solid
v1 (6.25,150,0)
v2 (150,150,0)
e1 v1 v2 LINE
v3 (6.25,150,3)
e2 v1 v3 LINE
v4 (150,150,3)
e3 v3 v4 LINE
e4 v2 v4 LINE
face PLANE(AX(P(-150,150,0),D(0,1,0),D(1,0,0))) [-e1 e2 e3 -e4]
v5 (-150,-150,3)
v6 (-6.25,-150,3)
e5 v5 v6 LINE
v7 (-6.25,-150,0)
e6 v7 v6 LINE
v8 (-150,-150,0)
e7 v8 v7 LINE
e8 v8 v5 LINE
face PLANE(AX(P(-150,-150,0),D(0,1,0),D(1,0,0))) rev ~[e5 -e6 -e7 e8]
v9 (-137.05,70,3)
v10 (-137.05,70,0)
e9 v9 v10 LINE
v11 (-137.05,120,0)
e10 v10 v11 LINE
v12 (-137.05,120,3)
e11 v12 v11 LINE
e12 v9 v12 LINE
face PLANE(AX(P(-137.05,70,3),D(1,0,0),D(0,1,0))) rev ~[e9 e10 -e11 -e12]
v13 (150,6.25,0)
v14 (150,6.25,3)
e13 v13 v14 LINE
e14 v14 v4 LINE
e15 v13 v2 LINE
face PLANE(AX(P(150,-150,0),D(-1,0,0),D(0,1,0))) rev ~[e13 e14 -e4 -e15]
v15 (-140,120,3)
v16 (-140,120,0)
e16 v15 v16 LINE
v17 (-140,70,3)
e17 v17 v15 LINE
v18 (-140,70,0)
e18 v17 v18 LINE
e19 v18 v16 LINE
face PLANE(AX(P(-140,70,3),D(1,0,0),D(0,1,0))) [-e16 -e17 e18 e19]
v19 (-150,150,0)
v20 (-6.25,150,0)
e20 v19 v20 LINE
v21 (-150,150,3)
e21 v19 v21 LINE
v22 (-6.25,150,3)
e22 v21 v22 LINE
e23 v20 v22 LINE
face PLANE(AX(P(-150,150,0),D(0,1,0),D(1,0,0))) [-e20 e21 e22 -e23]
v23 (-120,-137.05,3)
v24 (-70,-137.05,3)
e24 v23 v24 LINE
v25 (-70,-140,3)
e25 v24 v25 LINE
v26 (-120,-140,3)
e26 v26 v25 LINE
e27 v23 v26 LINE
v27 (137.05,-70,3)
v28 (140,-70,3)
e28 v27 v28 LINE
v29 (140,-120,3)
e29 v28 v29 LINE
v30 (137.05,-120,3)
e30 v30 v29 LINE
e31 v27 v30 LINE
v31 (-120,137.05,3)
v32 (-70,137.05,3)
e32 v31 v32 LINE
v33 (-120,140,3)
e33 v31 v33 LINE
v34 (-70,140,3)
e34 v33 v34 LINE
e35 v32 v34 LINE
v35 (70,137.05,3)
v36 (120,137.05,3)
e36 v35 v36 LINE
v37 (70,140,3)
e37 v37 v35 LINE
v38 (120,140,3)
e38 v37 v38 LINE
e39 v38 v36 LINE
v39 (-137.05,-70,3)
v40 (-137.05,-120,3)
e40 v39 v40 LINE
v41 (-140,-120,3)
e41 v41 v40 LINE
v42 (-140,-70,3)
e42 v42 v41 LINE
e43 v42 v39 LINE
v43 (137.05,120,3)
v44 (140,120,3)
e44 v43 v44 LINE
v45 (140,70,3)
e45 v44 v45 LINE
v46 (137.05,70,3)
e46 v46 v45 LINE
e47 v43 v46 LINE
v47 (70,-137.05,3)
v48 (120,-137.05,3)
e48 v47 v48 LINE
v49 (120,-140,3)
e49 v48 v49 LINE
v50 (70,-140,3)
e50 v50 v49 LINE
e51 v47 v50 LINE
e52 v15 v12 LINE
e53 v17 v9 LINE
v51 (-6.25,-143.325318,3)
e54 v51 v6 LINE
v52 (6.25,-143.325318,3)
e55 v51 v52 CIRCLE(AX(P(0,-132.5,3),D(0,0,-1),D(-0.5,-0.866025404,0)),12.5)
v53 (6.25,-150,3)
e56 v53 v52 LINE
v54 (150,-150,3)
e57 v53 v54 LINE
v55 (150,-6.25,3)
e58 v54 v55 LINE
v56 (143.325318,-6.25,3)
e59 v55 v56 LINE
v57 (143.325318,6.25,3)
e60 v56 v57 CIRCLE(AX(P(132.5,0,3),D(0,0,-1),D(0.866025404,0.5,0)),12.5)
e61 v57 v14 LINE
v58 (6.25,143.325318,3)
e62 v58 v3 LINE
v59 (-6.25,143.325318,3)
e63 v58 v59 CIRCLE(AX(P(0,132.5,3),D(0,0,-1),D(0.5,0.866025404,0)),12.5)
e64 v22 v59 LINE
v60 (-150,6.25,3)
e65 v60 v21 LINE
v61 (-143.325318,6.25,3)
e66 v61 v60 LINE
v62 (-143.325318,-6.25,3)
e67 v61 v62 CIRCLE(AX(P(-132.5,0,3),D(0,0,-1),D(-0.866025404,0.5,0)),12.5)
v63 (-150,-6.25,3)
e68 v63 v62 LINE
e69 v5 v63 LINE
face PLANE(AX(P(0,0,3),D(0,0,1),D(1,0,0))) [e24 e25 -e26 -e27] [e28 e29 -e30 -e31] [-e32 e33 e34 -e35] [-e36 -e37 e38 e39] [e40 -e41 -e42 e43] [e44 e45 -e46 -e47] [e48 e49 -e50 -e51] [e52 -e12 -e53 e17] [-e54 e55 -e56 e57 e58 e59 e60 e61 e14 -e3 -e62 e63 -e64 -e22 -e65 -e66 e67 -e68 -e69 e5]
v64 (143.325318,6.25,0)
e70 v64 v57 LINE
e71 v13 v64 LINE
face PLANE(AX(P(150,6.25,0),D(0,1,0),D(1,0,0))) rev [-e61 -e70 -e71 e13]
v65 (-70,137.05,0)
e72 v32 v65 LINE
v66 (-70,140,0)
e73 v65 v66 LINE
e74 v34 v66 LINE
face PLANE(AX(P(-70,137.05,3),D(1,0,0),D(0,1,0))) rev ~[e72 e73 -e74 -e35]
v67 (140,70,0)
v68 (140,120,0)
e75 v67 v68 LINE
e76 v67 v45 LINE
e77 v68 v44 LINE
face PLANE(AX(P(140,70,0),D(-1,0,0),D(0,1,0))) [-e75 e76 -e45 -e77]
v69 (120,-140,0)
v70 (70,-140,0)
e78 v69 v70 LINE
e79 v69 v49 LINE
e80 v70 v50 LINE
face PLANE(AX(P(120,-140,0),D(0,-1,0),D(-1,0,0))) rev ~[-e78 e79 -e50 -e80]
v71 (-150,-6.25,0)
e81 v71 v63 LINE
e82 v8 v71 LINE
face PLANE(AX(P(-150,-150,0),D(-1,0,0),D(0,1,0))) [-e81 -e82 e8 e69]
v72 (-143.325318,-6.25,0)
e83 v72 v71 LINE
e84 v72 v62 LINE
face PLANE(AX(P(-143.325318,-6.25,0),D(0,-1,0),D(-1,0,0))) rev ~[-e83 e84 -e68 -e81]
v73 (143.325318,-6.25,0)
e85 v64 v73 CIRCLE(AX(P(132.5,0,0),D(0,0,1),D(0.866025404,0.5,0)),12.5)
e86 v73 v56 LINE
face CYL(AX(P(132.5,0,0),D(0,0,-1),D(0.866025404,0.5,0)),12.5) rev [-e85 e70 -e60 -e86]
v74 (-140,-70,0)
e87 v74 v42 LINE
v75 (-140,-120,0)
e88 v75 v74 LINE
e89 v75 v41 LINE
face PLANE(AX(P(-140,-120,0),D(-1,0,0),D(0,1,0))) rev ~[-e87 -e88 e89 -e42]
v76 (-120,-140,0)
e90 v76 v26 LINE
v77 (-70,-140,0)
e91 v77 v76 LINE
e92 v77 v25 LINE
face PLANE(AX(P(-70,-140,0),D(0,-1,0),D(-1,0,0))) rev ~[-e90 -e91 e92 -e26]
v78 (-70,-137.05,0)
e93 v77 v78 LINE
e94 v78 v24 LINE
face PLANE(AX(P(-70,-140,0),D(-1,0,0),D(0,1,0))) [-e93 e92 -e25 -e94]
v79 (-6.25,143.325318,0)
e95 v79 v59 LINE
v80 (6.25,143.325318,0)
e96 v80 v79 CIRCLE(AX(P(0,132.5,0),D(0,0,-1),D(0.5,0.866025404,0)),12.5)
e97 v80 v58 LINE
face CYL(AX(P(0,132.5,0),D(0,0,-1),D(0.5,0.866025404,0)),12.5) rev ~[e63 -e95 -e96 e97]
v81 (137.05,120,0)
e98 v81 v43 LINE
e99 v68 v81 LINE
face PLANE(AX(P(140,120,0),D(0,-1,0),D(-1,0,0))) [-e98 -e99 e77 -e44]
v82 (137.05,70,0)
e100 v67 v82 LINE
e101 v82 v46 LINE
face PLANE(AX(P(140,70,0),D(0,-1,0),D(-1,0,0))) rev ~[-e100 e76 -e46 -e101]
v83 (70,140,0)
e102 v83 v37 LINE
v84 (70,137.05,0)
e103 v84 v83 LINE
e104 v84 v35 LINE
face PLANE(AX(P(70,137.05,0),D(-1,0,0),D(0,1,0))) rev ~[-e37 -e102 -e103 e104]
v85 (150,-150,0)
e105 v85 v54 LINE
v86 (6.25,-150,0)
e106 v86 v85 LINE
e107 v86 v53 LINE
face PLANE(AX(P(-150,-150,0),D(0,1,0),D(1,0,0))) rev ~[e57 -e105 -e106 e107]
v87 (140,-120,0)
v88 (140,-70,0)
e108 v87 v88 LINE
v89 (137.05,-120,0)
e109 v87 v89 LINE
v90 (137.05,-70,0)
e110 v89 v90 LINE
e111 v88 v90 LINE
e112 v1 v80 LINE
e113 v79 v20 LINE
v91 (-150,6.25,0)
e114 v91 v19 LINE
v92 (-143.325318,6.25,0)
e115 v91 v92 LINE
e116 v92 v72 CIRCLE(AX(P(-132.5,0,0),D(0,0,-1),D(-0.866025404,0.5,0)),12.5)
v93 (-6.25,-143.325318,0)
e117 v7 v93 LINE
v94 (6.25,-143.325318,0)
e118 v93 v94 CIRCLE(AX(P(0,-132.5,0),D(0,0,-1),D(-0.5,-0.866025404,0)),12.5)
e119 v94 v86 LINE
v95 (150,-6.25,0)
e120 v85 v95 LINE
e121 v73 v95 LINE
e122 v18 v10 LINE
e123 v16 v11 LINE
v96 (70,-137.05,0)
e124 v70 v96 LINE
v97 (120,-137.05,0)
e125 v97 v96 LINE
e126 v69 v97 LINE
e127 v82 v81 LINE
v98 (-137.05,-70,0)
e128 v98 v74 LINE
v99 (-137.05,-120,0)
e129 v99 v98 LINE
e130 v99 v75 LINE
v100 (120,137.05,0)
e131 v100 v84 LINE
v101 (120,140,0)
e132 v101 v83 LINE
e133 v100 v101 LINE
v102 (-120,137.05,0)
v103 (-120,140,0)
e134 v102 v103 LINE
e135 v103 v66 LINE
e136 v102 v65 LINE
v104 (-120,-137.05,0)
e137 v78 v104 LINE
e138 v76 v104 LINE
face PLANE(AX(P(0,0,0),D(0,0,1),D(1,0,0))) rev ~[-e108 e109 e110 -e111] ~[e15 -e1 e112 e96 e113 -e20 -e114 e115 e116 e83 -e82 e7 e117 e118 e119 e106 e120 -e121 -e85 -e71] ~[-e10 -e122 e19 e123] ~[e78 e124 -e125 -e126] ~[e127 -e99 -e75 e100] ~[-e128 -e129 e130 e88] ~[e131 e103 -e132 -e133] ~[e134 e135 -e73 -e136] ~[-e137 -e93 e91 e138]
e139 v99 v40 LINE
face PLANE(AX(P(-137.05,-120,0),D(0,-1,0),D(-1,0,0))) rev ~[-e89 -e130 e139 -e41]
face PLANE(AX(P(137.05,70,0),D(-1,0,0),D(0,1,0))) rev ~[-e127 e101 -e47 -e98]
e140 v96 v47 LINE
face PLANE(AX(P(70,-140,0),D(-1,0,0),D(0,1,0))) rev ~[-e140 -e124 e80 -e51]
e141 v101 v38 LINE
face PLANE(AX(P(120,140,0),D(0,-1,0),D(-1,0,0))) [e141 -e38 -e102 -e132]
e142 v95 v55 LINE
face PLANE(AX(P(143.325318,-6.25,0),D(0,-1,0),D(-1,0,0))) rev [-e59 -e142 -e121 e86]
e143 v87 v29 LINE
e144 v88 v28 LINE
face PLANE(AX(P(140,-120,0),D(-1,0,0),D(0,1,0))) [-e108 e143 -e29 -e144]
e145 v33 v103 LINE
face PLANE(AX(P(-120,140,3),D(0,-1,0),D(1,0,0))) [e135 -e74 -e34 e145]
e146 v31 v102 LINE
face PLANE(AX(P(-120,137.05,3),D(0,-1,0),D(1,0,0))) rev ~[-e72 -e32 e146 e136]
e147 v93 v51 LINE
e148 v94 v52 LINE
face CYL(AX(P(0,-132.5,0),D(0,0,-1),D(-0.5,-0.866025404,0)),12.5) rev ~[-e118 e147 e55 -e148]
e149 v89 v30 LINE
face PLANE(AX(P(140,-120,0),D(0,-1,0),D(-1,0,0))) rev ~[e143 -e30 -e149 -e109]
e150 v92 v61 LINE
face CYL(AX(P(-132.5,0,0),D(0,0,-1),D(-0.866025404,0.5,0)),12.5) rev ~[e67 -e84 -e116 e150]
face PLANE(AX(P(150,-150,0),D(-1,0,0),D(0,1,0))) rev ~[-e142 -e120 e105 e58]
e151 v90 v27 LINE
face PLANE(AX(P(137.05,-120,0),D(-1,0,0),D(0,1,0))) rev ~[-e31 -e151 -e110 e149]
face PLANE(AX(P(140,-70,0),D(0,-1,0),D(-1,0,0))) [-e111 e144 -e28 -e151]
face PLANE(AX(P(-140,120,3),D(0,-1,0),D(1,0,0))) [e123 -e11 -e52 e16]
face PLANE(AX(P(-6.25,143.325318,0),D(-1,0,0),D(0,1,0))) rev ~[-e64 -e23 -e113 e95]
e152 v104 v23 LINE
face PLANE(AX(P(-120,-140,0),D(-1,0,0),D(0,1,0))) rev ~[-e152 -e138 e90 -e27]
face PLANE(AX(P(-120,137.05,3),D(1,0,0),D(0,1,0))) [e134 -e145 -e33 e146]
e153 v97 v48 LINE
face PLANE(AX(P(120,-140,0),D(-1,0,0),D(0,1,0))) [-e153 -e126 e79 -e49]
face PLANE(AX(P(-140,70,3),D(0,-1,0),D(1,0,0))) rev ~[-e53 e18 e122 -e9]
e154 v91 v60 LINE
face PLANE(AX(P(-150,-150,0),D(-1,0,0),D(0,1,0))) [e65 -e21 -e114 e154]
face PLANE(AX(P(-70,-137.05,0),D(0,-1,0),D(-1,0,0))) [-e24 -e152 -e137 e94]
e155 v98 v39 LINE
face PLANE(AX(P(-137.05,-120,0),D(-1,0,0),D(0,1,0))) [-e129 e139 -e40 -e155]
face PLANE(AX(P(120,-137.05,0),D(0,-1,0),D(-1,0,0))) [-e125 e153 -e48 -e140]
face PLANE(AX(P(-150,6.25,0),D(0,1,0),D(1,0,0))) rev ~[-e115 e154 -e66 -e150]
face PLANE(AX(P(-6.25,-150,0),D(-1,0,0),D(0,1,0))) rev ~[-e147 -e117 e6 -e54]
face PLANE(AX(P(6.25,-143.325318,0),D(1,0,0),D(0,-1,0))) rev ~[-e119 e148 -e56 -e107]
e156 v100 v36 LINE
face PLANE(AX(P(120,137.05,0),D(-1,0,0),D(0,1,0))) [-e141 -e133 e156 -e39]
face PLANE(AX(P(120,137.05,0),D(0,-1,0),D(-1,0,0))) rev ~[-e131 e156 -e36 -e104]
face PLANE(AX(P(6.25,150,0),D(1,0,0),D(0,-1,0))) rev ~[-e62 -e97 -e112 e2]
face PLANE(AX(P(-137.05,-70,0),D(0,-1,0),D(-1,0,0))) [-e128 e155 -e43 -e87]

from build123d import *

# Parameters (mm, degrees)
ESQUISSE2_W             = 300
ESQUISSE2_H             = 300
BOSS_EXTRU_1_DEPTH      = 3
ESQUISSE3_W             = 50
ESQUISSE3_H             = 2.95
ESQUISSE3_W_2           = 2.95
ESQUISSE3_H_2           = 50
ENL_V_MAT_EXTRU_2_DEPTH = 6
ESQUISSE5_W             = 2.95
ESQUISSE5_H             = 50
ESQUISSE5_W_2           = 50
ESQUISSE5_H_2           = 2.95
ENL_V_MAT_EXTRU_3_DEPTH = 6
ENL_V_MAT_EXTRU_4_DEPTH = 6
SYM_TRIE2_COPY_1_DEPTH  = 6
SYM_TRIE2_COPY_2_DEPTH  = 6


with BuildPart() as part:
    # Esquisse2 → Boss.-Extru.1 (new body)
    with BuildSketch(Plane.XY):
        Rectangle(ESQUISSE2_W, ESQUISSE2_H)
    extrude(amount=BOSS_EXTRU_1_DEPTH)

    # Esquisse3 → Enlèv. mat.-Extru.2 (cut)
    with BuildSketch(Plane.XY.offset(3)):
        with Locations((-95, 138.525)):
            Rectangle(ESQUISSE3_W, ESQUISSE3_H)
        with Locations((-138.525, 95)):
            Rectangle(ESQUISSE3_W_2, ESQUISSE3_H_2)
    extrude(amount=-ENL_V_MAT_EXTRU_2_DEPTH, mode=Mode.SUBTRACT)

    # Esquisse5 → Enlèv. mat.-Extru.3 (cut)
    with BuildSketch(Plane(origin=(0, 0, 0), x_dir=(-1, 0, 0), z_dir=(0, 0, -1))):
        with Locations((138.525, -95)):
            Rectangle(ESQUISSE5_W, ESQUISSE5_H)
        with Locations((95, -138.525)):
            Rectangle(ESQUISSE5_W_2, ESQUISSE5_H_2)
        with Locations((-95, -138.525)):
            Rectangle(ESQUISSE5_W_2, ESQUISSE5_H_2)
        with Locations((-138.525, -95)):
            Rectangle(ESQUISSE5_W, ESQUISSE5_H)
        with Locations((-138.525, 95)):
            Rectangle(ESQUISSE5_W, ESQUISSE5_H)
        with Locations((-95, 138.525)):
            Rectangle(ESQUISSE5_W_2, ESQUISSE5_H_2)
    extrude(amount=-ENL_V_MAT_EXTRU_3_DEPTH, mode=Mode.SUBTRACT)

    # Esquisse6 → Enlèv. mat.-Extru.4 (cut)
    with BuildSketch(Plane(origin=(0, 0, 0), x_dir=(-1, 0, 0), z_dir=(0, 0, -1))):
        with BuildLine():
            Line((150, 6.25), (143.325317547, 6.25))
            ThreePointArc((143.325317547, 6.25), (120, 0), (143.325317547, -6.25))
            Line((143.325317547, -6.25), (150, -6.25))
            Line((150, -6.25), (150, 6.25))
        make_face()
        with BuildLine():
            Line((-6.25, -150), (6.25, -150))
            Line((6.25, -150), (6.25, -143.325317547))
            ThreePointArc((6.25, -143.325317547), (0, -120), (-6.25, -143.325317547))
            Line((-6.25, -143.325317547), (-6.25, -150))
        make_face()
    enl_v_mat_extru_4 = extrude(amount=-ENL_V_MAT_EXTRU_4_DEPTH, mode=Mode.SUBTRACT)

    # Symétrie1: Enlèv. mat.-Extru.4 across plane
    add(enl_v_mat_extru_4.mirror(Plane(origin=(0, 0, 0), x_dir=(0, 0, 1), z_dir=(1, 0, 0))), mode=Mode.SUBTRACT)

    # Symétrie2 copy 1 sketch → Symétrie2 copy 1 (cut)
    with BuildSketch(Plane(origin=(0, 0, 0), x_dir=(1, 0, 0), z_dir=(0, 0, -1))):
        with BuildLine():
            Line((150, 6.25), (143.325317547, 6.25))
            ThreePointArc((143.325317547, 6.25), (120, 0), (143.325317547, -6.25))
            Line((143.325317547, -6.25), (150, -6.25))
            Line((150, -6.25), (150, 6.25))
        make_face()
        with BuildLine():
            Line((-6.25, -150), (6.25, -150))
            Line((6.25, -150), (6.25, -143.325317547))
            ThreePointArc((6.25, -143.325317547), (0, -120), (-6.25, -143.325317547))
            Line((-6.25, -143.325317547), (-6.25, -150))
        make_face()
    extrude(amount=-SYM_TRIE2_COPY_1_DEPTH, mode=Mode.SUBTRACT)

    # Symétrie2 copy 2 sketch → Symétrie2 copy 2 (cut)
    with BuildSketch(Plane(origin=(0, 0, 0), x_dir=(-1, 0, 0), z_dir=(0, 0, -1))):
        with BuildLine():
            Line((150, -6.25), (143.325317547, -6.25))
            ThreePointArc((143.325317547, -6.25), (120, 0), (143.325317547, 6.25))
            Line((143.325317547, 6.25), (150, 6.25))
            Line((150, 6.25), (150, -6.25))
        make_face()
        with BuildLine():
            Line((-6.25, 150), (6.25, 150))
            Line((6.25, 150), (6.25, 143.325317547))
            ThreePointArc((6.25, 143.325317547), (0, 120), (-6.25, 143.325317547))
            Line((-6.25, 143.325317547), (-6.25, 150))
        make_face()
    extrude(amount=-SYM_TRIE2_COPY_2_DEPTH, mode=Mode.SUBTRACT)


solid = part.part
